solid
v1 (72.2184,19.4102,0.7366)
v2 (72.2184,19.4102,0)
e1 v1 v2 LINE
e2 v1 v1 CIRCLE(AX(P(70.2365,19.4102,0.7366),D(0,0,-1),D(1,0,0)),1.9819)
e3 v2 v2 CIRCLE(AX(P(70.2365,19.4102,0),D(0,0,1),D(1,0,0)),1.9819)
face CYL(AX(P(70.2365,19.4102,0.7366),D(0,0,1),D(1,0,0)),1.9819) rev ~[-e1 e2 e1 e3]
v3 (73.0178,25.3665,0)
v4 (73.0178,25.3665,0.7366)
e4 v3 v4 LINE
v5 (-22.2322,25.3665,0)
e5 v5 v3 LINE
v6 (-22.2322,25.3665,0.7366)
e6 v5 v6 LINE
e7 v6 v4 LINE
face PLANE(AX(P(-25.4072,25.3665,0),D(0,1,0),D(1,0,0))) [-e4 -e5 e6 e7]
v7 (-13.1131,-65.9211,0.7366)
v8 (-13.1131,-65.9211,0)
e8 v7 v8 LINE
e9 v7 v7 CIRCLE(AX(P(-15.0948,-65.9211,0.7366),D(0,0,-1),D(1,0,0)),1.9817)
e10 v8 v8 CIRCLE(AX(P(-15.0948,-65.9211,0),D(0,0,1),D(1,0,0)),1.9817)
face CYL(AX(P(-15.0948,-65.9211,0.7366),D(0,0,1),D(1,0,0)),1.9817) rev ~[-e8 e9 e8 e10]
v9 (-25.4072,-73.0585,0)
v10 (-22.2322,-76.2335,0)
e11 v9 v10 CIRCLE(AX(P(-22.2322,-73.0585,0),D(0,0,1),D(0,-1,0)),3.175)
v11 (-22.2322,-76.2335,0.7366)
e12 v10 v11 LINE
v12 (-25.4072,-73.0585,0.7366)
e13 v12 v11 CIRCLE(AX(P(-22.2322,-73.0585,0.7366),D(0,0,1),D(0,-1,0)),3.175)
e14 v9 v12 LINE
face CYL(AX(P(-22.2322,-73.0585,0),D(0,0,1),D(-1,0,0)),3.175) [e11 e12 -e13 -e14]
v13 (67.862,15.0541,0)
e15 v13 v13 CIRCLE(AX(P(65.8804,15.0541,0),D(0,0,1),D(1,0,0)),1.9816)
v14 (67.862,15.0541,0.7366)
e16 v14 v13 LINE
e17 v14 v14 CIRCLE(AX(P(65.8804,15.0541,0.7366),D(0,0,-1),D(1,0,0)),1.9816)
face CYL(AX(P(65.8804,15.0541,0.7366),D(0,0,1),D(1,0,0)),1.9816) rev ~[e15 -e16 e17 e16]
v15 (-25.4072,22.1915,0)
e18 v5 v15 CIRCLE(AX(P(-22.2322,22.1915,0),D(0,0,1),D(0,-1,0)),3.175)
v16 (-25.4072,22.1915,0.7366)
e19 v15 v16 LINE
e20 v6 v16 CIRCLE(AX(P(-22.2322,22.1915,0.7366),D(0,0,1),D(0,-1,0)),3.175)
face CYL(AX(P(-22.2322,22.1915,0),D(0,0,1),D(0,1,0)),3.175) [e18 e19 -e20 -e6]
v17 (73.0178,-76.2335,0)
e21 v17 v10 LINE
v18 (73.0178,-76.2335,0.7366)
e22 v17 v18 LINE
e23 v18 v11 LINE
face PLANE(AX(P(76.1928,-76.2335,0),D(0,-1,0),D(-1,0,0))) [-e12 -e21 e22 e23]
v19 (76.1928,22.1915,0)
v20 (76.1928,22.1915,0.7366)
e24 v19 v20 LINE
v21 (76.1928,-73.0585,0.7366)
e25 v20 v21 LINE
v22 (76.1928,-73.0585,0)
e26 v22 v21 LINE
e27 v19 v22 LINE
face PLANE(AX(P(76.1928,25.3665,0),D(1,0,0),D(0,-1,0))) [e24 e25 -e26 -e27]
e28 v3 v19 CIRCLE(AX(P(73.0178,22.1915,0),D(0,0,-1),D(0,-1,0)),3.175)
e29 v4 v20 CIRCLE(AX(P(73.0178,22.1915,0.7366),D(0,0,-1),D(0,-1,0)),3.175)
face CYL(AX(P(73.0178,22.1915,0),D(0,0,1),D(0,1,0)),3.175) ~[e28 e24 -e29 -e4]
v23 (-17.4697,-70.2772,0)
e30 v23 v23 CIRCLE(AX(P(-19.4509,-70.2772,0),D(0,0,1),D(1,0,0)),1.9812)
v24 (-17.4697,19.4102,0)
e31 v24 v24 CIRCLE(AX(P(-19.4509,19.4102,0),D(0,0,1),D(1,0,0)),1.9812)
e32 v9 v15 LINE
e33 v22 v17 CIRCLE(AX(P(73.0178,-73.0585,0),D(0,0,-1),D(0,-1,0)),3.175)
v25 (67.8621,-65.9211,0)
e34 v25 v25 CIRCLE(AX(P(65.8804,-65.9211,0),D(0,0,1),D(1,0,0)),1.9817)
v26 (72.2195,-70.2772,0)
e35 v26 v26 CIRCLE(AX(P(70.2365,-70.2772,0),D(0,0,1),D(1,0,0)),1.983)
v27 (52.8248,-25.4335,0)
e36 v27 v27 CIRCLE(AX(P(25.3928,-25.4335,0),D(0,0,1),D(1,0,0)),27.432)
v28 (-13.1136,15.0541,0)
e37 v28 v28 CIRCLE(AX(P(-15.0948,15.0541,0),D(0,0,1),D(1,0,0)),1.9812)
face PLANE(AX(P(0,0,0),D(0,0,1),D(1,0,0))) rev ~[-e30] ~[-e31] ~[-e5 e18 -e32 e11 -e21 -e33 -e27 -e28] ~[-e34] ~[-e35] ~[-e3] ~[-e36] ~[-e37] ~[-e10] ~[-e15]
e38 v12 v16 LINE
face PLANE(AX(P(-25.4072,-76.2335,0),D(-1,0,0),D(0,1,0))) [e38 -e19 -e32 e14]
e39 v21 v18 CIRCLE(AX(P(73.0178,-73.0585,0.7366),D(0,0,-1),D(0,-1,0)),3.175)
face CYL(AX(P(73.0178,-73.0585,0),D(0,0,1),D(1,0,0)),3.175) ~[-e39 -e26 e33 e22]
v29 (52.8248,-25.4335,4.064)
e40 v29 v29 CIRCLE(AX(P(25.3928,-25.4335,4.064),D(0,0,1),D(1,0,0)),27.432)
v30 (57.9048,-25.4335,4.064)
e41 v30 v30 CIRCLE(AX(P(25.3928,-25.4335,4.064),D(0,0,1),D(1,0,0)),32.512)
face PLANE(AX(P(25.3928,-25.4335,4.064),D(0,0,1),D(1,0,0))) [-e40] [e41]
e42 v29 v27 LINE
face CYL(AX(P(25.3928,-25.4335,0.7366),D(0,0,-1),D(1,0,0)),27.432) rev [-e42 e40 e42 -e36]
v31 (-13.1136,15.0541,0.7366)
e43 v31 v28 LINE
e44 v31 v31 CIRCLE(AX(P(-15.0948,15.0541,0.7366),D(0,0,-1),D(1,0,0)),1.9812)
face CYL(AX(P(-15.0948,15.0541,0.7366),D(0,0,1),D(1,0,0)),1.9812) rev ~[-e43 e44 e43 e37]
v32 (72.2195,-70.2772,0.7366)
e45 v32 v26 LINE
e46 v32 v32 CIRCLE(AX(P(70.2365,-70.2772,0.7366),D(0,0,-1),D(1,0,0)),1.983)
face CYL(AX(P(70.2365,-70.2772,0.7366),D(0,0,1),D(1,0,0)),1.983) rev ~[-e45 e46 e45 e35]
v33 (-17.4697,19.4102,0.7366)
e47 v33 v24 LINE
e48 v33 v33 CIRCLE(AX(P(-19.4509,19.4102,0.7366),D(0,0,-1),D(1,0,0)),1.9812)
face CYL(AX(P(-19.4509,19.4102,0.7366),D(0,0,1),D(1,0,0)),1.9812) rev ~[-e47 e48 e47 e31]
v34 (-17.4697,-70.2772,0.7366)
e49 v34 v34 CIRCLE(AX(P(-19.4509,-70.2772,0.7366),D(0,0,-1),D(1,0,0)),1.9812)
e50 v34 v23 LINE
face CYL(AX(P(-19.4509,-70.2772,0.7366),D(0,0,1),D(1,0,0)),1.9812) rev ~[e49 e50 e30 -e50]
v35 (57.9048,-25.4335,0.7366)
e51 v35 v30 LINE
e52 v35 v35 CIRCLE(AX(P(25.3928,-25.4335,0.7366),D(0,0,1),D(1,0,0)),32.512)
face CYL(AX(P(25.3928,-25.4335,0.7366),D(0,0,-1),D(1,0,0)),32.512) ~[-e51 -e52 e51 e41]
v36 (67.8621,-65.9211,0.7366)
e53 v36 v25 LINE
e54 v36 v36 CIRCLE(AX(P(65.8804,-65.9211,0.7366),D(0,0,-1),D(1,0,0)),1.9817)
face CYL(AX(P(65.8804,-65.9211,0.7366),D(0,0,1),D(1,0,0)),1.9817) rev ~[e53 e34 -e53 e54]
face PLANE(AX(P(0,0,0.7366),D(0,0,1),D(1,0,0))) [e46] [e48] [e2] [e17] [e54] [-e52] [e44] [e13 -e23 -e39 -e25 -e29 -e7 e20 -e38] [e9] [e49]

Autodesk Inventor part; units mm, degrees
ref_plane "YZ Plane" through (0, 0, 0) normal (1, 0, 0) x (0, 1, 0)
ref_plane "XZ Plane" through (0, 0, 0) normal (0, 1, 0) x (-1, 0, 0)
ref_plane "XY Plane" through (0, 0, 0) normal (0, 0, 1) x (1, 0, 0)
sketch "Sketch1" plane through (0, 0, 0) normal (0, 0, 1) x (1, 0, 0)
  line L0 (-25.4072, 25.3665) -> (76.1928, 25.3665)
  line L1 (76.1928, 25.3665) -> (76.1928, -76.2335)
  line L2 (76.1928, -76.2335) -> (-25.4072, -76.2335)
  line L3 (-25.4072, -76.2335) -> (-25.4072, 25.3665)
  point P0 (0, 0)
  dimension "d0" = 101.6
  dimension "d1" = 101.6
extrude "Extrusion1" add sketch "Sketch1" along normal blind 0.7366
sketch "Sketch2" plane through (0, 0, 0.7366) normal (0, 0, 1) x (1, 0, 0)
  line L0 (-25.4072, 25.3665) -> (76.1928, -76.2335)
  line L1 (76.1928, 25.3665) -> (-25.4072, -76.2335)
  circle A0 centre (25.3928, -25.4335) radius 27.432
  point P0 (0, 0)
  dimension "d4" = 54.864
extrude "Extrusion2" cut sketch "Sketch2" against normal blind 0.7366
sketch "Sketch3" plane through (0, 0, 0.7366) normal (0, 0, 1) x (1, 0, 0)
  line L0 (-25.4072, -76.2335) -> (-25.4072, 25.3665) projected
  line L1 (-25.4072, 25.3665) -> (-25.4072, -25.4335)
  line L2 (-25.4072, -25.4335) -> (-25.4072, 19.4102)
  line L3 (-25.4072, 25.3665) -> (76.1928, -76.2335)
  line L4 (76.1928, 25.3665) -> (-25.4072, -76.2335)
  circle A0 centre (-19.4509, 19.4102) radius 1.9812
  point P0 (0, 0)
  dimension "d7" = 44.8437
  dimension "d8" = 3.9624
extrude "Extrusion3" cut sketch "Sketch3" against normal blind 0.7366 contours A0 L3 | L3 A0
sketch "Sketch4" plane through (0, 0, 0.7366) normal (0, 0, 1) x (1, 0, 0)
  line L0 (-25.4072, -76.2335) -> (76.1928, 25.3665)
  line L1 (-25.4072, 25.3665) -> (76.1928, -76.2335)
  circle A0 centre (70.2365, 19.4102) radius 1.9819
  circle A1 centre (70.2365, -70.2772) radius 1.983
  circle A2 centre (-19.4509, -70.2772) radius 1.9812
  point P0 (0, 0)
extrude "Extrusion4" cut sketch "Sketch4" against normal blind 0.7366
sketch "Sketch5" plane through (0, 0, 0.7366) normal (0, 0, 1) x (1, 0, 0)
  circle A0 centre (25.3928, -25.4335) radius 27.432 projected
  circle A1 centre (25.3928, -25.4335) radius 29.972
  circle A2 centre (25.3928, -25.4335) radius 32.512
  point P0 (0, 0)
  dimension "d13" = 59.944
  dimension "d14" = 65.024
extrude "Extrusion5" add sketch "Sketch5" along normal blind 6.6548 contours A2
fillet "Fillet1" radius 3.175 4 edges at (-25.4072, 25.3665, 0.3683) (76.1928, 25.3665, 0.3683) (76.1928, -76.2335, 0.3683) (-25.4072, -76.2335, 0.3683)
sketch "Sketch6" plane through (25.3928, -25.4335, 7.3914) normal (0, 0, 1) x (1, 0, 0)
  circle A0 centre (0, 0) radius 29.972 projected
  circle A1 centre (0, 0) radius 32.512 projected
  point P0 (-25.3928, 25.4335)
extrude "Extrusion6" cut sketch "Sketch6" against normal blind 3.3274
sketch "Sketch7" plane through (25.3928, -25.4335, 0.7366) normal (0, 0, 1) x (1, 0, 0)
  circle A0 centre (0, 0) radius 29.972 projected
  circle A1 centre (0, 0) radius 27.432 projected
  point P0 (-25.3928, 25.4335)
extrude "Extrusion7" add sketch "Sketch7" along normal blind 3.3274
sketch "Sketch8" plane through (0, 0, 0.7366) normal (0, 0, 1) x (1, 0, 0)
  circle A0 centre (-19.4509, 19.4102) radius 1.9812 projected
  circle A1 centre (70.2365, -70.2772) radius 1.983 projected
  circle A2 centre (-19.4509, -70.2772) radius 1.9812 projected
  circle A3 centre (70.2365, 19.4102) radius 1.9819 projected
  line L0 (-19.4509, 19.4102) -> (70.2365, -70.2772)
  line L1 (-19.4509, -70.2772) -> (70.2365, 19.4102)
  line L2 (-25.4072, 25.3665) -> (76.1928, 25.3665)
  line L3 (76.1928, 25.3665) -> (76.1928, -76.2335)
  line L4 (76.1928, -76.2335) -> (-25.4072, -76.2335)
  line L5 (-25.4072, -76.2335) -> (-25.4072, 25.3665)
  line L6 (-25.4072, 25.3665) -> (-25.4072, -25.4335)
  line L7 (-25.4072, -25.4335) -> (-25.4072, 15.0541)
  circle A4 centre (-15.0948, 15.0541) radius 1.9812
  circle A5 centre (65.8804, 15.0541) radius 1.9816
  circle A6 centre (65.8804, -65.9211) radius 1.9817
  circle A7 centre (-15.0948, -65.9211) radius 1.9817
  point P0 (0, 0)
  dimension "d22" = 40.4876
  dimension "d23" = 3.9624
extrude "Extrusion8" cut sketch "Sketch8" against normal blind 3.3274 contours A5 L1 | L1 A5 | A6 L0 | L0 A6 | A7 L1 | L1 A7 | A4 L0 | L0 A4
properties part number "3"
